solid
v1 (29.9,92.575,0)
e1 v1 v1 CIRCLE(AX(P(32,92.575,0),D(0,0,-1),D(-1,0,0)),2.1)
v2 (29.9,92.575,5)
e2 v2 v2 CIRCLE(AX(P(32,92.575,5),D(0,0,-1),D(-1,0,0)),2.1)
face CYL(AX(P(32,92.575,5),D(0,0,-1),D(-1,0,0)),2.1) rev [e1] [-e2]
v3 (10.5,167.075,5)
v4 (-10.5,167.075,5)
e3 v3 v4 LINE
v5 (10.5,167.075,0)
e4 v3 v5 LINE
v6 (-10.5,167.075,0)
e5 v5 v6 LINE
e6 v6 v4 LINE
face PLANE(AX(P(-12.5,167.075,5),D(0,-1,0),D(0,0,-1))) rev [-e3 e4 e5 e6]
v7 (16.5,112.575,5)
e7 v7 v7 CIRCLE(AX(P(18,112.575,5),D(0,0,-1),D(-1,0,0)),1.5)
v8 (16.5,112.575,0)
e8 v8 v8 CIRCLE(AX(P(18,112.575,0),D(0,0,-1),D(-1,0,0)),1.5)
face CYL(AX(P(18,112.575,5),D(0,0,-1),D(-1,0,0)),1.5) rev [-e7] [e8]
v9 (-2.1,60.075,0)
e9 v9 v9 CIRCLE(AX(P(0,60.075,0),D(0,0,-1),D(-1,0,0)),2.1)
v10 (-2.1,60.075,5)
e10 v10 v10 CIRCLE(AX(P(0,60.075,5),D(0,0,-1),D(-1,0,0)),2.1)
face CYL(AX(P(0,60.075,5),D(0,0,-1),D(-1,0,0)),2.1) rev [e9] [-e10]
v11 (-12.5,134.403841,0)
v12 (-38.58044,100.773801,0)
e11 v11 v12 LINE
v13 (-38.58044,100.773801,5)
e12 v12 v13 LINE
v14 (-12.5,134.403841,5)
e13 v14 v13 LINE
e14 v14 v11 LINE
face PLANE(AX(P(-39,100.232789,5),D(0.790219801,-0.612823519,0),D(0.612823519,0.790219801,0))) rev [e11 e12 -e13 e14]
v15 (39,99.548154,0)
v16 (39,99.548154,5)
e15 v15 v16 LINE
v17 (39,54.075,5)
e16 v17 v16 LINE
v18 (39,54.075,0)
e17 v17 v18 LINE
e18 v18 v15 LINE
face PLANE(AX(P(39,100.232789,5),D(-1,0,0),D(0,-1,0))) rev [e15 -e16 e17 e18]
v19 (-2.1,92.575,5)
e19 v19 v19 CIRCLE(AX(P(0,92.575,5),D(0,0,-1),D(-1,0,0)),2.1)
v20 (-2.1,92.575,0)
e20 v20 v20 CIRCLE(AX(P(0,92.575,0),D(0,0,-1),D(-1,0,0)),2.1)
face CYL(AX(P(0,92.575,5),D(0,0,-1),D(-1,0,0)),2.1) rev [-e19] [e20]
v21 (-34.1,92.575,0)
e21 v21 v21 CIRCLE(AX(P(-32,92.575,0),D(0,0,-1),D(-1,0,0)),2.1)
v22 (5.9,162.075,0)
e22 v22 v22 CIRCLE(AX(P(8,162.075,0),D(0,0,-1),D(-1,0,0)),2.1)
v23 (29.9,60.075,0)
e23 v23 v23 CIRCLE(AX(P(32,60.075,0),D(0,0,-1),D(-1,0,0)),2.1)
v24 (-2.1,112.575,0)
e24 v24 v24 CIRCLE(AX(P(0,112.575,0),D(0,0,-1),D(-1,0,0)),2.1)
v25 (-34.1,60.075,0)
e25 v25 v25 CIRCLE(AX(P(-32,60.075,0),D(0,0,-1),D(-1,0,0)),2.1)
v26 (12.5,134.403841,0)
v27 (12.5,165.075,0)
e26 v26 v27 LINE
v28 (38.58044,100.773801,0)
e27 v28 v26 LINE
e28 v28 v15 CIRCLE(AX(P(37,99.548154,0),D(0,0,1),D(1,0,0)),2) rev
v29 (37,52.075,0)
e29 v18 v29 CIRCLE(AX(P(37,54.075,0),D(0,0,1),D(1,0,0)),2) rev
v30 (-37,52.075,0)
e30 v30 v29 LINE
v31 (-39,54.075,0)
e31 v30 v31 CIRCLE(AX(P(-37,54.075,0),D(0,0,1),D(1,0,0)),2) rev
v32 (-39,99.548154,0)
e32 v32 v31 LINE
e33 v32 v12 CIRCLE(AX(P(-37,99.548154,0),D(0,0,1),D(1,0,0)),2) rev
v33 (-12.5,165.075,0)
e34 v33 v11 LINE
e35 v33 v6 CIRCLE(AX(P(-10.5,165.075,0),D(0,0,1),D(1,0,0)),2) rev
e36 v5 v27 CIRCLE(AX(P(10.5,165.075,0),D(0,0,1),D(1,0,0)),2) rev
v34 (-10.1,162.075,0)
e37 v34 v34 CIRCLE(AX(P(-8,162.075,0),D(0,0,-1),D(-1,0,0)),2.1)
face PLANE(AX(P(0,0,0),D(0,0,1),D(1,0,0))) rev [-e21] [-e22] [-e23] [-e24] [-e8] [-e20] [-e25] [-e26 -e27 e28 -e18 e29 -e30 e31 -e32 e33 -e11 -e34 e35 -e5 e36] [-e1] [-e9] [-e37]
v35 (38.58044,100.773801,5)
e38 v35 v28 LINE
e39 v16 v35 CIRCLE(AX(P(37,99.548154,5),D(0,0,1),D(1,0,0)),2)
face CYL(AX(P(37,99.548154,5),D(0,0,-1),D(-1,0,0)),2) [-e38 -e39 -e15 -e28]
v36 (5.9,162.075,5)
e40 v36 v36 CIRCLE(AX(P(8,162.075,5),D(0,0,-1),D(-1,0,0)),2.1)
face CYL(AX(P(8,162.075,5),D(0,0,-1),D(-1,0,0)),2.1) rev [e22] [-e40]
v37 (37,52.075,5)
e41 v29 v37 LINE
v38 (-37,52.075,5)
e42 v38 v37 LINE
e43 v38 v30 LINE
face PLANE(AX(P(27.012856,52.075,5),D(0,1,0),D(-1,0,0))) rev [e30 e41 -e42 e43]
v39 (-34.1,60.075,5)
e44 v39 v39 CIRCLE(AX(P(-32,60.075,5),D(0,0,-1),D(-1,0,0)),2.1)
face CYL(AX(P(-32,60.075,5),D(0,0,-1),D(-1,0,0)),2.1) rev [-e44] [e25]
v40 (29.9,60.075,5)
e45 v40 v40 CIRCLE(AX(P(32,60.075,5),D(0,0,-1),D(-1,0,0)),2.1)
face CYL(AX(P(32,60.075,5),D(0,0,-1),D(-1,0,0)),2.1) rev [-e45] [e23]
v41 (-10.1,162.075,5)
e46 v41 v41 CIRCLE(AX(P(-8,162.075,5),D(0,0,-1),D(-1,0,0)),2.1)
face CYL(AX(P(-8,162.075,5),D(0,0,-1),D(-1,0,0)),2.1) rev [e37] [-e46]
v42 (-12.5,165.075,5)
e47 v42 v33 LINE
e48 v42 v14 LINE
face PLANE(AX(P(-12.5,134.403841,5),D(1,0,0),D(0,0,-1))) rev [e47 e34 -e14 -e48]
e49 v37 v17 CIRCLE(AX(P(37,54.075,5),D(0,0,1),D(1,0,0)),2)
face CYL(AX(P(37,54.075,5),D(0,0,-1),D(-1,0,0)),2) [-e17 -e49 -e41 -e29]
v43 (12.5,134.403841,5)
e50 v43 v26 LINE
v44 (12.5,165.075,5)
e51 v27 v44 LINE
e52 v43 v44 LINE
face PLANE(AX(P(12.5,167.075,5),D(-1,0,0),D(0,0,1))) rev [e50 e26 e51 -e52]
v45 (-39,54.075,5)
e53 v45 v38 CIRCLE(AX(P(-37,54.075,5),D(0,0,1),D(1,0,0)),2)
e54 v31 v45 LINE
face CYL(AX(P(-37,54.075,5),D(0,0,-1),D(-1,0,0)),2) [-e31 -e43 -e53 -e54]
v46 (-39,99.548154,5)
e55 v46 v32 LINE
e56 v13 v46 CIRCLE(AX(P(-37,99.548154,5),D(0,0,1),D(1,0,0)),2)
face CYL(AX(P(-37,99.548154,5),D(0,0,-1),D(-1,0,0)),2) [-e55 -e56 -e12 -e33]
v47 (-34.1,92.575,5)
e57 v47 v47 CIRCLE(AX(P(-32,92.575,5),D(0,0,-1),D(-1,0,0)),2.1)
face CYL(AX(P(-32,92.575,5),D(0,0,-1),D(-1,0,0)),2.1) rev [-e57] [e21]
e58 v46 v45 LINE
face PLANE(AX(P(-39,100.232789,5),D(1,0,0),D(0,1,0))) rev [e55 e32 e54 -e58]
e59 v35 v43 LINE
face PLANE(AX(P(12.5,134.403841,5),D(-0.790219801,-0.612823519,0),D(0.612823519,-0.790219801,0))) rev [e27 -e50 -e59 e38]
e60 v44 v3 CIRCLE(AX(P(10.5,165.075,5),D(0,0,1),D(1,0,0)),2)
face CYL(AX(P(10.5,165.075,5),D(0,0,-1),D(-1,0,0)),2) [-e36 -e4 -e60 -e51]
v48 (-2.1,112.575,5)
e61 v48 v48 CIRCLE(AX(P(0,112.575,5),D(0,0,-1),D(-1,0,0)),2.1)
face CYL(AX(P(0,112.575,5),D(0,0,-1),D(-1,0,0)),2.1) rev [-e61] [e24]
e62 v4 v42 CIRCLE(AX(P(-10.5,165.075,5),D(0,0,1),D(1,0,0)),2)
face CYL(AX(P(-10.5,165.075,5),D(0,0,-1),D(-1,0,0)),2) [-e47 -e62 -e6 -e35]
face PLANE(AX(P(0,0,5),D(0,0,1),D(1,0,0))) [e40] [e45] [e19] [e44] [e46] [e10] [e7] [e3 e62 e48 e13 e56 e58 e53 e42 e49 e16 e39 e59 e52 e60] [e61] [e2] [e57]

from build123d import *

# Parameters (mm, degrees)
BOSS_EXTRUDE1_DEPTH = 5
SKETCH2_R           = 2.1
SKETCH2_R_2         = 1.5
CUT_EXTRUDE1_DEPTH  = 6
SKETCH4_R           = 2.1
CUT_EXTRUDE2_DEPTH  = 6
FILLET1_R           = 2


with BuildPart() as part:
    # Sketch1 → Boss-Extrude1 (new body)
    with BuildSketch(Plane.XY):
        Polygon((-39, 100.232788632), (-12.5, 134.403841263), (-12.5, 167.075), (12.5, 167.075), (12.5, 134.403841263), (39, 100.232788632), (39, 52.075), (27.012855738, 52.075), (-27.012855738, 52.075), (-39, 52.075), align=None)
    extrude(amount=BOSS_EXTRUDE1_DEPTH)

    # Sketch2 → Cut-Extrude1 (cut, through all)
    with BuildSketch(Plane(origin=(0, 0, 0), x_dir=(-1, 0, 0), z_dir=(0, 0, -1))):
        with Locations((-32, 92.575)):
            Circle(SKETCH2_R)
        with Locations((32, 92.575)):
            Circle(SKETCH2_R)
        with Locations((8, 162.075)):
            Circle(SKETCH2_R)
        with Locations((-8, 162.075)):
            Circle(SKETCH2_R)
        with Locations((-18, 112.575)):
            Circle(SKETCH2_R_2)
    extrude(amount=-CUT_EXTRUDE1_DEPTH, mode=Mode.SUBTRACT)

    # Sketch4 → Cut-Extrude2 (cut, through all)
    with BuildSketch(Plane(origin=(0, 0, 0), x_dir=(-1, 0, 0), z_dir=(0, 0, -1))):
        with Locations((-32, 60.075)):
            Circle(SKETCH4_R)
        with Locations((32, 60.075)):
            Circle(SKETCH4_R)
        with Locations((0, 60.075)):
            Circle(SKETCH4_R)
        with Locations((0, 112.575)):
            Circle(SKETCH4_R)
        with Locations((0, 92.575)):
            Circle(SKETCH4_R)
    extrude(amount=-CUT_EXTRUDE2_DEPTH, mode=Mode.SUBTRACT)

    # Fillet1
    fillet1_edges = [part.edges().sort_by_distance(p)[0] for p in [
        (-39, 100.232788632, 2.5),
        (-12.5, 167.075, 2.5),
        (12.5, 167.075, 2.5),
        (39, 100.232788632, 2.5),
        (39, 52.075, 2.5),
        (-39, 52.075, 2.5),
    ]]
    fillet(fillet1_edges, radius=FILLET1_R)


solid = part.part
